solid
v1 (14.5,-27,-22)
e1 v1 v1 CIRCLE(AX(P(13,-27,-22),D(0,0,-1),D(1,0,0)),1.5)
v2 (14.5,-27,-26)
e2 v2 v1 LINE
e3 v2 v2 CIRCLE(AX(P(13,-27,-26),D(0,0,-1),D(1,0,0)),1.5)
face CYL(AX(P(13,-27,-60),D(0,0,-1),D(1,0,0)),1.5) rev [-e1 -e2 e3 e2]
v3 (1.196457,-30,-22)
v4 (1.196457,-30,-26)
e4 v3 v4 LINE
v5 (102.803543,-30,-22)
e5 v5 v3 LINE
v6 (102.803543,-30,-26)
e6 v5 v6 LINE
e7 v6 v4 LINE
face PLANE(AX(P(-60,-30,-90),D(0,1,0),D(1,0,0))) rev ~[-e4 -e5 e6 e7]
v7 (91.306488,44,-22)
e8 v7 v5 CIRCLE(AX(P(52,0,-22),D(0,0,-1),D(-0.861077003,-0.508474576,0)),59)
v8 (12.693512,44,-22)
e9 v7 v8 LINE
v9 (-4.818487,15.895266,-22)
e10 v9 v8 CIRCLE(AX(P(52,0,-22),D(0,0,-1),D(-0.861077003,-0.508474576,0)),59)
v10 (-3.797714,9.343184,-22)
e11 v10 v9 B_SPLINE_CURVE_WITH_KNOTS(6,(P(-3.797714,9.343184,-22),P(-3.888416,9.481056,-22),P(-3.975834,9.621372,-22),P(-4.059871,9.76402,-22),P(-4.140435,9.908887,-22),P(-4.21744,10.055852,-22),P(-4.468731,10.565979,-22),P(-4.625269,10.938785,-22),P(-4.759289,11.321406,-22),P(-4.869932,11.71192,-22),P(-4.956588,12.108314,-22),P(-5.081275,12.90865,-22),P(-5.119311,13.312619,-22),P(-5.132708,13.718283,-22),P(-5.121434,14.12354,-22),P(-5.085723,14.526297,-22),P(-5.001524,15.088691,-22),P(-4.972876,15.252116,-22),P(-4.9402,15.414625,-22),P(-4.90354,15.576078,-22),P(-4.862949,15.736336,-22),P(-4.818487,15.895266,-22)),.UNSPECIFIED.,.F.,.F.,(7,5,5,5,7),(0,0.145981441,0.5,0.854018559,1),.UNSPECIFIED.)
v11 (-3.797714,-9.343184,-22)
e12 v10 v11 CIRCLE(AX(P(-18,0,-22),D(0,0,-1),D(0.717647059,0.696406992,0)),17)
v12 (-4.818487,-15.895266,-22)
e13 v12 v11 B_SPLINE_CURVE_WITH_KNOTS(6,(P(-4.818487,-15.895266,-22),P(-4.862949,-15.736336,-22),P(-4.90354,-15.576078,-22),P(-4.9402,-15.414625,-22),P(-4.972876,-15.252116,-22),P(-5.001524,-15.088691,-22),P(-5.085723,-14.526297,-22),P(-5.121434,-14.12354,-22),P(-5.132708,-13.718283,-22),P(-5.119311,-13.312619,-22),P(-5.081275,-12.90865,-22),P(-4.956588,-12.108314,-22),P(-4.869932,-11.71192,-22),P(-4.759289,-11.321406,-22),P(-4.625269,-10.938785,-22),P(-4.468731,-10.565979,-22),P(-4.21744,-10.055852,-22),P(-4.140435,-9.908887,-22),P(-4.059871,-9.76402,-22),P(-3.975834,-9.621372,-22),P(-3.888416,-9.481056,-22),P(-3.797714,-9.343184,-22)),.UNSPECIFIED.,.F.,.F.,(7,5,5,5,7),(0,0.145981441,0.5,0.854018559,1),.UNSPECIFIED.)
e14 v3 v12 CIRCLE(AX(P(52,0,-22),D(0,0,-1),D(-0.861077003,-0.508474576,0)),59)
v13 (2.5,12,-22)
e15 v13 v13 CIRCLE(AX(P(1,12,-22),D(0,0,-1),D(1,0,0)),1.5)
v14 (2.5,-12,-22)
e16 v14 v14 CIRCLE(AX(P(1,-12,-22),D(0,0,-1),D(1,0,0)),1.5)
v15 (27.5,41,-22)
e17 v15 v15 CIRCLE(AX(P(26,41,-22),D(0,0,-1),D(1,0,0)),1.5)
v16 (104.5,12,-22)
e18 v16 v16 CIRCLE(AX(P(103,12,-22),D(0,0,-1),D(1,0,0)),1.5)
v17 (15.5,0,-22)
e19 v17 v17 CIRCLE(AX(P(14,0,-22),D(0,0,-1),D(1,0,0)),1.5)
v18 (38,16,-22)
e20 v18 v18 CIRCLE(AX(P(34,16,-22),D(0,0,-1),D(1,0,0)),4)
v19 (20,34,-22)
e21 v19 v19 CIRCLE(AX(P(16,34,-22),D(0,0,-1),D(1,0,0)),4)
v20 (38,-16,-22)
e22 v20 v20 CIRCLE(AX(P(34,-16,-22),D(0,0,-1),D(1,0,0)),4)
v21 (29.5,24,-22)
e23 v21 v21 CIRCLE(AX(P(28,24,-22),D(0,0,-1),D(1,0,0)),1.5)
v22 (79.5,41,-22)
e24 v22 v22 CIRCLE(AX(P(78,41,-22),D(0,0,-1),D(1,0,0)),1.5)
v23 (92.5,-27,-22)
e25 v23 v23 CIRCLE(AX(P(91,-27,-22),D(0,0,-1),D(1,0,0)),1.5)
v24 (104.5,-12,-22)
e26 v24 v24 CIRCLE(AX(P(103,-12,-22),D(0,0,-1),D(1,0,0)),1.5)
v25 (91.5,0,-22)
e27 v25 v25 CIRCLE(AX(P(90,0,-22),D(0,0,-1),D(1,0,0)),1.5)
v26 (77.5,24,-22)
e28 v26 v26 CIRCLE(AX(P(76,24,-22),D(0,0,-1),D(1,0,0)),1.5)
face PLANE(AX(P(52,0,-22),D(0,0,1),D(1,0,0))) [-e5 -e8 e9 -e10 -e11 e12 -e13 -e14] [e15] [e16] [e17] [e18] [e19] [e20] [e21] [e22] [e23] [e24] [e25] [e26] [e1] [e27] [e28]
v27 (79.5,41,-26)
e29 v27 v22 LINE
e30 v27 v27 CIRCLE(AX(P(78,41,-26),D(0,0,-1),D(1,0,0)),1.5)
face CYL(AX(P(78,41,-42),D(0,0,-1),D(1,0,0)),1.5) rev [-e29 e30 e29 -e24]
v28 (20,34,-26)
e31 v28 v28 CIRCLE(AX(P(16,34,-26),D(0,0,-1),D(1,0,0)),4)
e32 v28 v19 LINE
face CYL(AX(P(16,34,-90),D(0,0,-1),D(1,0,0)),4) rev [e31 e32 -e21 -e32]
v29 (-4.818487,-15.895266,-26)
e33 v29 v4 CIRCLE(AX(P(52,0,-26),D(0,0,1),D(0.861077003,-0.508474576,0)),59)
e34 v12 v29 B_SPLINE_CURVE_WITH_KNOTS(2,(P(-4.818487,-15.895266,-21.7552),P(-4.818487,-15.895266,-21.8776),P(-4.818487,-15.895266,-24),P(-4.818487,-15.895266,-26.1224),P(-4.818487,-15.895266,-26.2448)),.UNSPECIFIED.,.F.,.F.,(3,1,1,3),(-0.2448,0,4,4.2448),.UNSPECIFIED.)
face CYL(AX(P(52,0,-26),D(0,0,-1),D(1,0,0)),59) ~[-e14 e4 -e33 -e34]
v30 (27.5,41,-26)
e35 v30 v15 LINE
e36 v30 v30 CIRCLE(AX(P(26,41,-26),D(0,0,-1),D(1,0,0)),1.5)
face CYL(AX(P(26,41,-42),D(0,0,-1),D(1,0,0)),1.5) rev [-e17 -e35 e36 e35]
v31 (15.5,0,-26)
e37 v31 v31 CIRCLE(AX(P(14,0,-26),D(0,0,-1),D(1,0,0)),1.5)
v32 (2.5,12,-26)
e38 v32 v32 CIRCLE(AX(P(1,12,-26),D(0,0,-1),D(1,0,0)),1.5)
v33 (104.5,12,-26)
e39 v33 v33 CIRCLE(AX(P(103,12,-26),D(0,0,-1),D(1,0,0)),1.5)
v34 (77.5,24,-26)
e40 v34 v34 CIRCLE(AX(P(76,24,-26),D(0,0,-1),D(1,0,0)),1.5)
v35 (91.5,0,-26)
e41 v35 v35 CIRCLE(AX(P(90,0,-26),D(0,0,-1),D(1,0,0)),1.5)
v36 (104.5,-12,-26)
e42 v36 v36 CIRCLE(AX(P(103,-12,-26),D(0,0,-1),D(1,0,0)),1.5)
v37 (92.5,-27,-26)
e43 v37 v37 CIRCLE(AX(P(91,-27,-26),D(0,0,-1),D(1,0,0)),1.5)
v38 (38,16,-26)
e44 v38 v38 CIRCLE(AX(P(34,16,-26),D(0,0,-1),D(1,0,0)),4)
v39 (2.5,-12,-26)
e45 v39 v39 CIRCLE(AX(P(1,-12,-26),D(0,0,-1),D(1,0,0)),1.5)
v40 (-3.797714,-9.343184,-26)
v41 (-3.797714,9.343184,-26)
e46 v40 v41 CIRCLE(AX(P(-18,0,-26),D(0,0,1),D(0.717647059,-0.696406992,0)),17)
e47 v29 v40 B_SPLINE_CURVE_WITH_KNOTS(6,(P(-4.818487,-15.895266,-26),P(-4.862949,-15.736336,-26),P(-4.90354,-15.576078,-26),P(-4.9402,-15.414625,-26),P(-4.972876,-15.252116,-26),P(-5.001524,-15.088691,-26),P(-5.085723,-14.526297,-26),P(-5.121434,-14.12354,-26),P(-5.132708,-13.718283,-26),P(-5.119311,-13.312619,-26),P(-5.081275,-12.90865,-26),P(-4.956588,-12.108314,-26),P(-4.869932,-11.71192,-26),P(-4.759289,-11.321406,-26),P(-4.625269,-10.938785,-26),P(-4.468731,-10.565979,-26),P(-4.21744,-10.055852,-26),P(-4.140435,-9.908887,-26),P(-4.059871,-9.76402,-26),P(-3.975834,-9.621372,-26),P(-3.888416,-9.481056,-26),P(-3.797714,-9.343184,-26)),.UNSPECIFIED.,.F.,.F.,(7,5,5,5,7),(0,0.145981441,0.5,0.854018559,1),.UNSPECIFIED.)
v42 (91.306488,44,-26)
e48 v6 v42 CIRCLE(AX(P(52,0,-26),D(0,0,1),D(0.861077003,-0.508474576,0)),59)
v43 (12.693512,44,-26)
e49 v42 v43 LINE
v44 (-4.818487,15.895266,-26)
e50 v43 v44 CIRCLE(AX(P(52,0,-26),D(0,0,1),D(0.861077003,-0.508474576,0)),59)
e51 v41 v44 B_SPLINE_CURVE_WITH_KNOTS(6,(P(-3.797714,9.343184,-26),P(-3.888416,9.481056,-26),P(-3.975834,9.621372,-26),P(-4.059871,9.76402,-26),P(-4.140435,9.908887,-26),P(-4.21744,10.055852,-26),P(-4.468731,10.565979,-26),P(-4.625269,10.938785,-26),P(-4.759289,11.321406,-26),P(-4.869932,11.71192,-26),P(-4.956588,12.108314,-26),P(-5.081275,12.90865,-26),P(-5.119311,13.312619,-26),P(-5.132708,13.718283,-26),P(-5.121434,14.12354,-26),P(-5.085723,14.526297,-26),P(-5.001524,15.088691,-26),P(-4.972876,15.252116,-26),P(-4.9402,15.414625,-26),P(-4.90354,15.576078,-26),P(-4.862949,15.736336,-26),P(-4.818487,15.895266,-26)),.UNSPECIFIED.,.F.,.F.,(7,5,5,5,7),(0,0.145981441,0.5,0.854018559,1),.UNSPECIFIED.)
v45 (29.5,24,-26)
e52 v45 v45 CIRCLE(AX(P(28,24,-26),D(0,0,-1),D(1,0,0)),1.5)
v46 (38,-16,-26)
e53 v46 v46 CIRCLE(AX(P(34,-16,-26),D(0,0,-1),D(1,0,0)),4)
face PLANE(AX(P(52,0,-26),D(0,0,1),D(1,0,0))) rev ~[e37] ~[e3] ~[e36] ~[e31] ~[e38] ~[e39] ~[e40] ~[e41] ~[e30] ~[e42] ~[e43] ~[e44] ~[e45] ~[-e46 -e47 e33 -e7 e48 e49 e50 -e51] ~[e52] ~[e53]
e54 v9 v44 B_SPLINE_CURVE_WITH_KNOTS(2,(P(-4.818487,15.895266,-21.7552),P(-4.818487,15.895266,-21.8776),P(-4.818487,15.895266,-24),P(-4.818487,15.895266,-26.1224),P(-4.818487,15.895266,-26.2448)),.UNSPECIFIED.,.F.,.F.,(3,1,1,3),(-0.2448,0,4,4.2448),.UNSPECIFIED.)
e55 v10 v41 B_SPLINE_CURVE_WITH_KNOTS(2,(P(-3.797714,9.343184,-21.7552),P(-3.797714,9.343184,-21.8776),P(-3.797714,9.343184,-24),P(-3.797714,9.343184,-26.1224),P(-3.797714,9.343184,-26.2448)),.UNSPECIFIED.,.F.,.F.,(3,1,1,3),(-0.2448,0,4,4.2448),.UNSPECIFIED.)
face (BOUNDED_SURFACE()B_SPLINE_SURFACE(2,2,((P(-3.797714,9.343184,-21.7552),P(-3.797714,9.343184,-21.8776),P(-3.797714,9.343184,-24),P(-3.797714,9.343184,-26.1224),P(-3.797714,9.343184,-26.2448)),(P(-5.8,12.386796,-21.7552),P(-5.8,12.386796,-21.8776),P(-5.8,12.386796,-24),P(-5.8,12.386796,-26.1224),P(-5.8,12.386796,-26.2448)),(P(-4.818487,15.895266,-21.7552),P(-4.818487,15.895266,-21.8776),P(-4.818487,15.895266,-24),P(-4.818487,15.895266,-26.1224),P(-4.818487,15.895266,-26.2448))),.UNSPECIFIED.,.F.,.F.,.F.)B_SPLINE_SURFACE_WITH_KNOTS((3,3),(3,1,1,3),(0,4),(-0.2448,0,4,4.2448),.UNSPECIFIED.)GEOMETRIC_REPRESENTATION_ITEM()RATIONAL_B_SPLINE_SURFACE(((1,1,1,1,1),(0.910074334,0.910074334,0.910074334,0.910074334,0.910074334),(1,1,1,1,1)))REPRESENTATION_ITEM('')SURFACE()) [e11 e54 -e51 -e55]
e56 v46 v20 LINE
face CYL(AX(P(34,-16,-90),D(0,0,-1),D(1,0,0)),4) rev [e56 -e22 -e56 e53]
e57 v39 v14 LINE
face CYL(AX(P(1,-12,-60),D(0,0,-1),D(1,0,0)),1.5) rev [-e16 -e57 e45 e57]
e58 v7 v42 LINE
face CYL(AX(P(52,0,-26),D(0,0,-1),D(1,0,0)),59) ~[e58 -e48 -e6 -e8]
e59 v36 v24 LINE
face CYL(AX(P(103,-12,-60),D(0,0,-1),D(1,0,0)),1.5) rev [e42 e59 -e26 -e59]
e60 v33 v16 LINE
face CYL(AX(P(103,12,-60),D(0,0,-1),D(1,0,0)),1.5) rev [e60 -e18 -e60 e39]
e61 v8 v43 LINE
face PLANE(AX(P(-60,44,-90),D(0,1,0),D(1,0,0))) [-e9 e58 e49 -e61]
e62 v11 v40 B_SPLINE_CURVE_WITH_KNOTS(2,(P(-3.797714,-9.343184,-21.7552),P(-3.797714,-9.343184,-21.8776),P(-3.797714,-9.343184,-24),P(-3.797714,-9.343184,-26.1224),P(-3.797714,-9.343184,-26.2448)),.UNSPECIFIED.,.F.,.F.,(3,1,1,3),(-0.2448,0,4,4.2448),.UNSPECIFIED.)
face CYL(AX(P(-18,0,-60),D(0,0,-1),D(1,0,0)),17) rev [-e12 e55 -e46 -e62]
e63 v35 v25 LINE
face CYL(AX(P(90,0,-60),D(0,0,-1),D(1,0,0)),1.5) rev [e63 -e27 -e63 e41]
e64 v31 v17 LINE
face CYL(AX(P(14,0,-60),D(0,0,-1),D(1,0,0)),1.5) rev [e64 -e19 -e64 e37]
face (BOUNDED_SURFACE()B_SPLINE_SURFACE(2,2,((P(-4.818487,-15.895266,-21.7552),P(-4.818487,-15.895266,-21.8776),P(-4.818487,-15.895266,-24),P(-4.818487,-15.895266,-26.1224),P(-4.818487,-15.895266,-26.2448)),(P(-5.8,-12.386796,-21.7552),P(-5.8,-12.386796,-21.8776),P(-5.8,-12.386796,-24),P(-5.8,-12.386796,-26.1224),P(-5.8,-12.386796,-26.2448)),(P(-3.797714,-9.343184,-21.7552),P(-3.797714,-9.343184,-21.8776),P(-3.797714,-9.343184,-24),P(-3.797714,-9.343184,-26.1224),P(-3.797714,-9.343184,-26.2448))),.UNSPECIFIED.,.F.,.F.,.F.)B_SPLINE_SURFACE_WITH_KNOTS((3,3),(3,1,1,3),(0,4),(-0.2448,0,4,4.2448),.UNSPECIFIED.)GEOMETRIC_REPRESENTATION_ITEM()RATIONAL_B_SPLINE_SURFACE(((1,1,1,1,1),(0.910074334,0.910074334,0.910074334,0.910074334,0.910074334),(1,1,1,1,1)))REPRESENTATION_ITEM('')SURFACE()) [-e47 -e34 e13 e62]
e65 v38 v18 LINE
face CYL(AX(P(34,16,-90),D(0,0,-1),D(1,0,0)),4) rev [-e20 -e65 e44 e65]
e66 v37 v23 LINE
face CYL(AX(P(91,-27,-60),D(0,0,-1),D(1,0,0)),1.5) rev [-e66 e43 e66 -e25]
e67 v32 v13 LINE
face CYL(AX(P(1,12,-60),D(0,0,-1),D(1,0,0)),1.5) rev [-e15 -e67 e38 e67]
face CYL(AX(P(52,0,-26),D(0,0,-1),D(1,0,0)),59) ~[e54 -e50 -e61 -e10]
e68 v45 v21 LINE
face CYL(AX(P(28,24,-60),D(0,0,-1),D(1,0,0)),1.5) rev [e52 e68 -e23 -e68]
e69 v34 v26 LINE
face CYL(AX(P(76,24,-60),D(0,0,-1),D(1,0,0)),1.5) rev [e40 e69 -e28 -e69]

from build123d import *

# Parameters (mm, degrees)
CYLINDER1946_R     = 17
CYLINDER1946_DEPTH = 160
CYLINDER1910_R     = 1.5
CYLINDER1910_DEPTH = 100
CYLINDER1943_R     = 1.5
CYLINDER1943_DEPTH = 100
CYLINDER1944_R     = 1.5
CYLINDER1944_DEPTH = 32
CYLINDER1903_R     = 1.5
CYLINDER1903_DEPTH = 32
BOX555_W           = 200
BOX555_H           = 100
BOX555_DEPTH       = 100
BOX556_W           = 200
BOX556_H           = 100
BOX556_DEPTH       = 100
CYLINDER1907_R     = 4
CYLINDER1907_DEPTH = 100
CYLINDER1908_R     = 4
CYLINDER1908_DEPTH = 100
CYLINDER1912_R     = 4
CYLINDER1912_DEPTH = 100
CYLINDER1913_R     = 4
CYLINDER1913_DEPTH = 100
CYLINDER1914_R     = 4
CYLINDER1914_DEPTH = 100
CYLINDER1901_R     = 4
CYLINDER1901_DEPTH = 100
CYLINDER1902_R     = 4
CYLINDER1902_DEPTH = 100
CYLINDER1919_R     = 4
CYLINDER1919_DEPTH = 100
CYLINDER1927_R     = 1.5
CYLINDER1927_DEPTH = 100
CYLINDER1926_R     = 1.5
CYLINDER1926_DEPTH = 100
CYLINDER1891_R     = 1.5
CYLINDER1891_DEPTH = 100
CYLINDER1894_R     = 1.5
CYLINDER1894_DEPTH = 100
CYLINDER1917_R     = 1.5
CYLINDER1917_DEPTH = 100
CYLINDER1898_R     = 1.5
CYLINDER1898_DEPTH = 100
CYLINDER1920_R     = 1.5
CYLINDER1920_DEPTH = 100
CYLINDER1924_R     = 1.5
CYLINDER1924_DEPTH = 100
CYLINDER1925_R     = 59
CYLINDER1925_DEPTH = 4
FILLET029_R        = 8
FILLET027_R        = 8


with BuildPart() as v_lec1946:
    # Cylinder1946 → Cylinder1946 (new body)
    with BuildSketch(Plane(origin=(-18, 0, -60), x_dir=(1, 0, 0), z_dir=(0, 0, 1))):
        Circle(CYLINDER1946_R)
    extrude(amount=CYLINDER1946_DEPTH)


with BuildPart() as v_lec1910:
    # Cylinder1910 → Cylinder1910 (new body)
    with BuildSketch(Plane(origin=(14, 0, -60), x_dir=(1, 0, 0), z_dir=(0, 0, 1))):
        Circle(CYLINDER1910_R)
    extrude(amount=CYLINDER1910_DEPTH)


with BuildPart() as srouby_troj013:
    # Cylinder1943 → Cylinder1943 (new body)
    with BuildSketch(Plane(origin=(90, 0, -60), x_dir=(1, 0, 0), z_dir=(0, 0, 1))):
        Circle(CYLINDER1943_R)
    extrude(amount=CYLINDER1943_DEPTH)

    # Compound988: union Válec1910
    add(v_lec1910.part)


with BuildPart() as v_lec1944:
    # Cylinder1944 → Cylinder1944 (new body)
    with BuildSketch(Plane(origin=(78, 41, -42), x_dir=(1, 0, 0), z_dir=(0, 0, 1))):
        Circle(CYLINDER1944_R)
    extrude(amount=CYLINDER1944_DEPTH)


with BuildPart() as compound991:
    # Cylinder1903 → Cylinder1903 (new body)
    with BuildSketch(Plane(origin=(26, 41, -42), x_dir=(1, 0, 0), z_dir=(0, 0, 1))):
        Circle(CYLINDER1903_R)
    extrude(amount=CYLINDER1903_DEPTH)

    # Compound991: union Válec1944
    add(v_lec1944.part)


with BuildPart() as krychle555:
    # Box555 → Box555 (new body)
    with BuildSketch(Plane(origin=(-60, 44, -90), x_dir=(1, 0, 0), z_dir=(0, 0, 1))):
        with Locations((100, 50)):
            Rectangle(BOX555_W, BOX555_H)
    extrude(amount=BOX555_DEPTH)


with BuildPart() as krychle556:
    # Box556 → Box556 (new body)
    with BuildSketch(Plane(origin=(-60, -130, -90), x_dir=(1, 0, 0), z_dir=(0, 0, 1))):
        with Locations((100, 50)):
            Rectangle(BOX556_W, BOX556_H)
    extrude(amount=BOX556_DEPTH)


with BuildPart() as v_lec1907:
    # Cylinder1907 → Cylinder1907 (new body)
    with BuildSketch(Plane(origin=(-16, 34, -90), x_dir=(1, 0, 0), z_dir=(0, 0, 1))):
        Circle(CYLINDER1907_R)
    extrude(amount=CYLINDER1907_DEPTH)


with BuildPart() as v_lec1908:
    # Cylinder1908 → Cylinder1908 (new body)
    with BuildSketch(Plane(origin=(-16, -34, -90), x_dir=(1, 0, 0), z_dir=(0, 0, 1))):
        Circle(CYLINDER1908_R)
    extrude(amount=CYLINDER1908_DEPTH)


with BuildPart() as v_lec1912:
    # Cylinder1912 → Cylinder1912 (new body)
    with BuildSketch(Plane(origin=(34, -16, -90), x_dir=(1, 0, 0), z_dir=(0, 0, 1))):
        Circle(CYLINDER1912_R)
    extrude(amount=CYLINDER1912_DEPTH)


with BuildPart() as v_lec1913:
    # Cylinder1913 → Cylinder1913 (new body)
    with BuildSketch(Plane(origin=(16, 34, -90), x_dir=(1, 0, 0), z_dir=(0, 0, 1))):
        Circle(CYLINDER1913_R)
    extrude(amount=CYLINDER1913_DEPTH)


with BuildPart() as v_lec1914:
    # Cylinder1914 → Cylinder1914 (new body)
    with BuildSketch(Plane(origin=(16, -34, -90), x_dir=(1, 0, 0), z_dir=(0, 0, 1))):
        Circle(CYLINDER1914_R)
    extrude(amount=CYLINDER1914_DEPTH)


with BuildPart() as v_lec1901:
    # Cylinder1901 → Cylinder1901 (new body)
    with BuildSketch(Plane(origin=(-34, 16, -90), x_dir=(1, 0, 0), z_dir=(0, 0, 1))):
        Circle(CYLINDER1901_R)
    extrude(amount=CYLINDER1901_DEPTH)


with BuildPart() as v_lec1902:
    # Cylinder1902 → Cylinder1902 (new body)
    with BuildSketch(Plane(origin=(34, 16, -90), x_dir=(1, 0, 0), z_dir=(0, 0, 1))):
        Circle(CYLINDER1902_R)
    extrude(amount=CYLINDER1902_DEPTH)


with BuildPart() as sbouby_baze_silne022:
    # Cylinder1919 → Cylinder1919 (new body)
    with BuildSketch(Plane(origin=(-34, -16, -90), x_dir=(1, 0, 0), z_dir=(0, 0, 1))):
        Circle(CYLINDER1919_R)
    extrude(amount=CYLINDER1919_DEPTH)

    # Compound981: union Válec1907, Válec1908, Válec1912, Válec1913, Válec1914, Válec1901, Válec1902
    add(v_lec1907.part)
    add(v_lec1908.part)
    add(v_lec1912.part)
    add(v_lec1913.part)
    add(v_lec1914.part)
    add(v_lec1901.part)
    add(v_lec1902.part)


with BuildPart() as v_lec1927:
    # Cylinder1927 → Cylinder1927 (new body)
    with BuildSketch(Plane(origin=(103, 12, -60), x_dir=(1, 0, 0), z_dir=(0, 0, 1))):
        Circle(CYLINDER1927_R)
    extrude(amount=CYLINDER1927_DEPTH)


with BuildPart() as v_lec1926:
    # Cylinder1926 → Cylinder1926 (new body)
    with BuildSketch(Plane(origin=(76, 24, -60), x_dir=(1, 0, 0), z_dir=(0, 0, 1))):
        Circle(CYLINDER1926_R)
    extrude(amount=CYLINDER1926_DEPTH)


with BuildPart() as v_lec1891:
    # Cylinder1891 → Cylinder1891 (new body)
    with BuildSketch(Plane(origin=(91, -27, -60), x_dir=(1, 0, 0), z_dir=(0, 0, 1))):
        Circle(CYLINDER1891_R)
    extrude(amount=CYLINDER1891_DEPTH)


with BuildPart() as v_lec1894:
    # Cylinder1894 → Cylinder1894 (new body)
    with BuildSketch(Plane(origin=(13, -27, -60), x_dir=(1, 0, 0), z_dir=(0, 0, 1))):
        Circle(CYLINDER1894_R)
    extrude(amount=CYLINDER1894_DEPTH)


with BuildPart() as v_lec1917:
    # Cylinder1917 → Cylinder1917 (new body)
    with BuildSketch(Plane(origin=(28, 24, -60), x_dir=(1, 0, 0), z_dir=(0, 0, 1))):
        Circle(CYLINDER1917_R)
    extrude(amount=CYLINDER1917_DEPTH)


with BuildPart() as v_lec1898:
    # Cylinder1898 → Cylinder1898 (new body)
    with BuildSketch(Plane(origin=(1, -12, -60), x_dir=(1, 0, 0), z_dir=(0, 0, 1))):
        Circle(CYLINDER1898_R)
    extrude(amount=CYLINDER1898_DEPTH)


with BuildPart() as v_lec1920:
    # Cylinder1920 → Cylinder1920 (new body)
    with BuildSketch(Plane(origin=(1, 12, -60), x_dir=(1, 0, 0), z_dir=(0, 0, 1))):
        Circle(CYLINDER1920_R)
    extrude(amount=CYLINDER1920_DEPTH)


with BuildPart() as srouby_monoblok014:
    # Cylinder1924 → Cylinder1924 (new body)
    with BuildSketch(Plane(origin=(103, -12, -60), x_dir=(1, 0, 0), z_dir=(0, 0, 1))):
        Circle(CYLINDER1924_R)
    extrude(amount=CYLINDER1924_DEPTH)

    # Compound979: union Válec1927, Válec1926, Válec1891, Válec1894, Válec1917, Válec1898, Válec1920
    add(v_lec1927.part)
    add(v_lec1926.part)
    add(v_lec1891.part)
    add(v_lec1894.part)
    add(v_lec1917.part)
    add(v_lec1898.part)
    add(v_lec1920.part)


with BuildPart() as fillet027:
    # Cylinder1925 → Cylinder1925 (new body)
    with BuildSketch(Plane(origin=(52, 0, -26), x_dir=(1, 0, 0), z_dir=(0, 0, 1))):
        Circle(CYLINDER1925_R)
    extrude(amount=CYLINDER1925_DEPTH)

    # Cut630: cut srouby_monoblok014
    add(srouby_monoblok014.part, mode=Mode.SUBTRACT)

    # Cut644: cut sbouby_baze_silne022
    add(sbouby_baze_silne022.part, mode=Mode.SUBTRACT)

    # Cut645: cut Krychle556
    add(krychle556.part, mode=Mode.SUBTRACT)

    # Cut646: cut Krychle555
    add(krychle555.part, mode=Mode.SUBTRACT)

    # Cut647: cut Compound991
    add(compound991.part, mode=Mode.SUBTRACT)

    # Cut651: cut srouby_troj013
    add(srouby_troj013.part, mode=Mode.SUBTRACT)

    # Cut636: cut Válec1946
    add(v_lec1946.part, mode=Mode.SUBTRACT)

    # Fillet029
    fillet029_edges = [fillet027.edges().sort_by_distance(p)[0] for p in [
        (-5.8, -11.838919, -24),
    ]]
    fillet(fillet029_edges, radius=FILLET029_R)

    # Fillet027
    fillet027_edges = [fillet027.edges().sort_by_distance(p)[0] for p in [
        (-5.8, 11.838919, -24),
    ]]
    fillet(fillet027_edges, radius=FILLET027_R)


solid = fillet027.part
